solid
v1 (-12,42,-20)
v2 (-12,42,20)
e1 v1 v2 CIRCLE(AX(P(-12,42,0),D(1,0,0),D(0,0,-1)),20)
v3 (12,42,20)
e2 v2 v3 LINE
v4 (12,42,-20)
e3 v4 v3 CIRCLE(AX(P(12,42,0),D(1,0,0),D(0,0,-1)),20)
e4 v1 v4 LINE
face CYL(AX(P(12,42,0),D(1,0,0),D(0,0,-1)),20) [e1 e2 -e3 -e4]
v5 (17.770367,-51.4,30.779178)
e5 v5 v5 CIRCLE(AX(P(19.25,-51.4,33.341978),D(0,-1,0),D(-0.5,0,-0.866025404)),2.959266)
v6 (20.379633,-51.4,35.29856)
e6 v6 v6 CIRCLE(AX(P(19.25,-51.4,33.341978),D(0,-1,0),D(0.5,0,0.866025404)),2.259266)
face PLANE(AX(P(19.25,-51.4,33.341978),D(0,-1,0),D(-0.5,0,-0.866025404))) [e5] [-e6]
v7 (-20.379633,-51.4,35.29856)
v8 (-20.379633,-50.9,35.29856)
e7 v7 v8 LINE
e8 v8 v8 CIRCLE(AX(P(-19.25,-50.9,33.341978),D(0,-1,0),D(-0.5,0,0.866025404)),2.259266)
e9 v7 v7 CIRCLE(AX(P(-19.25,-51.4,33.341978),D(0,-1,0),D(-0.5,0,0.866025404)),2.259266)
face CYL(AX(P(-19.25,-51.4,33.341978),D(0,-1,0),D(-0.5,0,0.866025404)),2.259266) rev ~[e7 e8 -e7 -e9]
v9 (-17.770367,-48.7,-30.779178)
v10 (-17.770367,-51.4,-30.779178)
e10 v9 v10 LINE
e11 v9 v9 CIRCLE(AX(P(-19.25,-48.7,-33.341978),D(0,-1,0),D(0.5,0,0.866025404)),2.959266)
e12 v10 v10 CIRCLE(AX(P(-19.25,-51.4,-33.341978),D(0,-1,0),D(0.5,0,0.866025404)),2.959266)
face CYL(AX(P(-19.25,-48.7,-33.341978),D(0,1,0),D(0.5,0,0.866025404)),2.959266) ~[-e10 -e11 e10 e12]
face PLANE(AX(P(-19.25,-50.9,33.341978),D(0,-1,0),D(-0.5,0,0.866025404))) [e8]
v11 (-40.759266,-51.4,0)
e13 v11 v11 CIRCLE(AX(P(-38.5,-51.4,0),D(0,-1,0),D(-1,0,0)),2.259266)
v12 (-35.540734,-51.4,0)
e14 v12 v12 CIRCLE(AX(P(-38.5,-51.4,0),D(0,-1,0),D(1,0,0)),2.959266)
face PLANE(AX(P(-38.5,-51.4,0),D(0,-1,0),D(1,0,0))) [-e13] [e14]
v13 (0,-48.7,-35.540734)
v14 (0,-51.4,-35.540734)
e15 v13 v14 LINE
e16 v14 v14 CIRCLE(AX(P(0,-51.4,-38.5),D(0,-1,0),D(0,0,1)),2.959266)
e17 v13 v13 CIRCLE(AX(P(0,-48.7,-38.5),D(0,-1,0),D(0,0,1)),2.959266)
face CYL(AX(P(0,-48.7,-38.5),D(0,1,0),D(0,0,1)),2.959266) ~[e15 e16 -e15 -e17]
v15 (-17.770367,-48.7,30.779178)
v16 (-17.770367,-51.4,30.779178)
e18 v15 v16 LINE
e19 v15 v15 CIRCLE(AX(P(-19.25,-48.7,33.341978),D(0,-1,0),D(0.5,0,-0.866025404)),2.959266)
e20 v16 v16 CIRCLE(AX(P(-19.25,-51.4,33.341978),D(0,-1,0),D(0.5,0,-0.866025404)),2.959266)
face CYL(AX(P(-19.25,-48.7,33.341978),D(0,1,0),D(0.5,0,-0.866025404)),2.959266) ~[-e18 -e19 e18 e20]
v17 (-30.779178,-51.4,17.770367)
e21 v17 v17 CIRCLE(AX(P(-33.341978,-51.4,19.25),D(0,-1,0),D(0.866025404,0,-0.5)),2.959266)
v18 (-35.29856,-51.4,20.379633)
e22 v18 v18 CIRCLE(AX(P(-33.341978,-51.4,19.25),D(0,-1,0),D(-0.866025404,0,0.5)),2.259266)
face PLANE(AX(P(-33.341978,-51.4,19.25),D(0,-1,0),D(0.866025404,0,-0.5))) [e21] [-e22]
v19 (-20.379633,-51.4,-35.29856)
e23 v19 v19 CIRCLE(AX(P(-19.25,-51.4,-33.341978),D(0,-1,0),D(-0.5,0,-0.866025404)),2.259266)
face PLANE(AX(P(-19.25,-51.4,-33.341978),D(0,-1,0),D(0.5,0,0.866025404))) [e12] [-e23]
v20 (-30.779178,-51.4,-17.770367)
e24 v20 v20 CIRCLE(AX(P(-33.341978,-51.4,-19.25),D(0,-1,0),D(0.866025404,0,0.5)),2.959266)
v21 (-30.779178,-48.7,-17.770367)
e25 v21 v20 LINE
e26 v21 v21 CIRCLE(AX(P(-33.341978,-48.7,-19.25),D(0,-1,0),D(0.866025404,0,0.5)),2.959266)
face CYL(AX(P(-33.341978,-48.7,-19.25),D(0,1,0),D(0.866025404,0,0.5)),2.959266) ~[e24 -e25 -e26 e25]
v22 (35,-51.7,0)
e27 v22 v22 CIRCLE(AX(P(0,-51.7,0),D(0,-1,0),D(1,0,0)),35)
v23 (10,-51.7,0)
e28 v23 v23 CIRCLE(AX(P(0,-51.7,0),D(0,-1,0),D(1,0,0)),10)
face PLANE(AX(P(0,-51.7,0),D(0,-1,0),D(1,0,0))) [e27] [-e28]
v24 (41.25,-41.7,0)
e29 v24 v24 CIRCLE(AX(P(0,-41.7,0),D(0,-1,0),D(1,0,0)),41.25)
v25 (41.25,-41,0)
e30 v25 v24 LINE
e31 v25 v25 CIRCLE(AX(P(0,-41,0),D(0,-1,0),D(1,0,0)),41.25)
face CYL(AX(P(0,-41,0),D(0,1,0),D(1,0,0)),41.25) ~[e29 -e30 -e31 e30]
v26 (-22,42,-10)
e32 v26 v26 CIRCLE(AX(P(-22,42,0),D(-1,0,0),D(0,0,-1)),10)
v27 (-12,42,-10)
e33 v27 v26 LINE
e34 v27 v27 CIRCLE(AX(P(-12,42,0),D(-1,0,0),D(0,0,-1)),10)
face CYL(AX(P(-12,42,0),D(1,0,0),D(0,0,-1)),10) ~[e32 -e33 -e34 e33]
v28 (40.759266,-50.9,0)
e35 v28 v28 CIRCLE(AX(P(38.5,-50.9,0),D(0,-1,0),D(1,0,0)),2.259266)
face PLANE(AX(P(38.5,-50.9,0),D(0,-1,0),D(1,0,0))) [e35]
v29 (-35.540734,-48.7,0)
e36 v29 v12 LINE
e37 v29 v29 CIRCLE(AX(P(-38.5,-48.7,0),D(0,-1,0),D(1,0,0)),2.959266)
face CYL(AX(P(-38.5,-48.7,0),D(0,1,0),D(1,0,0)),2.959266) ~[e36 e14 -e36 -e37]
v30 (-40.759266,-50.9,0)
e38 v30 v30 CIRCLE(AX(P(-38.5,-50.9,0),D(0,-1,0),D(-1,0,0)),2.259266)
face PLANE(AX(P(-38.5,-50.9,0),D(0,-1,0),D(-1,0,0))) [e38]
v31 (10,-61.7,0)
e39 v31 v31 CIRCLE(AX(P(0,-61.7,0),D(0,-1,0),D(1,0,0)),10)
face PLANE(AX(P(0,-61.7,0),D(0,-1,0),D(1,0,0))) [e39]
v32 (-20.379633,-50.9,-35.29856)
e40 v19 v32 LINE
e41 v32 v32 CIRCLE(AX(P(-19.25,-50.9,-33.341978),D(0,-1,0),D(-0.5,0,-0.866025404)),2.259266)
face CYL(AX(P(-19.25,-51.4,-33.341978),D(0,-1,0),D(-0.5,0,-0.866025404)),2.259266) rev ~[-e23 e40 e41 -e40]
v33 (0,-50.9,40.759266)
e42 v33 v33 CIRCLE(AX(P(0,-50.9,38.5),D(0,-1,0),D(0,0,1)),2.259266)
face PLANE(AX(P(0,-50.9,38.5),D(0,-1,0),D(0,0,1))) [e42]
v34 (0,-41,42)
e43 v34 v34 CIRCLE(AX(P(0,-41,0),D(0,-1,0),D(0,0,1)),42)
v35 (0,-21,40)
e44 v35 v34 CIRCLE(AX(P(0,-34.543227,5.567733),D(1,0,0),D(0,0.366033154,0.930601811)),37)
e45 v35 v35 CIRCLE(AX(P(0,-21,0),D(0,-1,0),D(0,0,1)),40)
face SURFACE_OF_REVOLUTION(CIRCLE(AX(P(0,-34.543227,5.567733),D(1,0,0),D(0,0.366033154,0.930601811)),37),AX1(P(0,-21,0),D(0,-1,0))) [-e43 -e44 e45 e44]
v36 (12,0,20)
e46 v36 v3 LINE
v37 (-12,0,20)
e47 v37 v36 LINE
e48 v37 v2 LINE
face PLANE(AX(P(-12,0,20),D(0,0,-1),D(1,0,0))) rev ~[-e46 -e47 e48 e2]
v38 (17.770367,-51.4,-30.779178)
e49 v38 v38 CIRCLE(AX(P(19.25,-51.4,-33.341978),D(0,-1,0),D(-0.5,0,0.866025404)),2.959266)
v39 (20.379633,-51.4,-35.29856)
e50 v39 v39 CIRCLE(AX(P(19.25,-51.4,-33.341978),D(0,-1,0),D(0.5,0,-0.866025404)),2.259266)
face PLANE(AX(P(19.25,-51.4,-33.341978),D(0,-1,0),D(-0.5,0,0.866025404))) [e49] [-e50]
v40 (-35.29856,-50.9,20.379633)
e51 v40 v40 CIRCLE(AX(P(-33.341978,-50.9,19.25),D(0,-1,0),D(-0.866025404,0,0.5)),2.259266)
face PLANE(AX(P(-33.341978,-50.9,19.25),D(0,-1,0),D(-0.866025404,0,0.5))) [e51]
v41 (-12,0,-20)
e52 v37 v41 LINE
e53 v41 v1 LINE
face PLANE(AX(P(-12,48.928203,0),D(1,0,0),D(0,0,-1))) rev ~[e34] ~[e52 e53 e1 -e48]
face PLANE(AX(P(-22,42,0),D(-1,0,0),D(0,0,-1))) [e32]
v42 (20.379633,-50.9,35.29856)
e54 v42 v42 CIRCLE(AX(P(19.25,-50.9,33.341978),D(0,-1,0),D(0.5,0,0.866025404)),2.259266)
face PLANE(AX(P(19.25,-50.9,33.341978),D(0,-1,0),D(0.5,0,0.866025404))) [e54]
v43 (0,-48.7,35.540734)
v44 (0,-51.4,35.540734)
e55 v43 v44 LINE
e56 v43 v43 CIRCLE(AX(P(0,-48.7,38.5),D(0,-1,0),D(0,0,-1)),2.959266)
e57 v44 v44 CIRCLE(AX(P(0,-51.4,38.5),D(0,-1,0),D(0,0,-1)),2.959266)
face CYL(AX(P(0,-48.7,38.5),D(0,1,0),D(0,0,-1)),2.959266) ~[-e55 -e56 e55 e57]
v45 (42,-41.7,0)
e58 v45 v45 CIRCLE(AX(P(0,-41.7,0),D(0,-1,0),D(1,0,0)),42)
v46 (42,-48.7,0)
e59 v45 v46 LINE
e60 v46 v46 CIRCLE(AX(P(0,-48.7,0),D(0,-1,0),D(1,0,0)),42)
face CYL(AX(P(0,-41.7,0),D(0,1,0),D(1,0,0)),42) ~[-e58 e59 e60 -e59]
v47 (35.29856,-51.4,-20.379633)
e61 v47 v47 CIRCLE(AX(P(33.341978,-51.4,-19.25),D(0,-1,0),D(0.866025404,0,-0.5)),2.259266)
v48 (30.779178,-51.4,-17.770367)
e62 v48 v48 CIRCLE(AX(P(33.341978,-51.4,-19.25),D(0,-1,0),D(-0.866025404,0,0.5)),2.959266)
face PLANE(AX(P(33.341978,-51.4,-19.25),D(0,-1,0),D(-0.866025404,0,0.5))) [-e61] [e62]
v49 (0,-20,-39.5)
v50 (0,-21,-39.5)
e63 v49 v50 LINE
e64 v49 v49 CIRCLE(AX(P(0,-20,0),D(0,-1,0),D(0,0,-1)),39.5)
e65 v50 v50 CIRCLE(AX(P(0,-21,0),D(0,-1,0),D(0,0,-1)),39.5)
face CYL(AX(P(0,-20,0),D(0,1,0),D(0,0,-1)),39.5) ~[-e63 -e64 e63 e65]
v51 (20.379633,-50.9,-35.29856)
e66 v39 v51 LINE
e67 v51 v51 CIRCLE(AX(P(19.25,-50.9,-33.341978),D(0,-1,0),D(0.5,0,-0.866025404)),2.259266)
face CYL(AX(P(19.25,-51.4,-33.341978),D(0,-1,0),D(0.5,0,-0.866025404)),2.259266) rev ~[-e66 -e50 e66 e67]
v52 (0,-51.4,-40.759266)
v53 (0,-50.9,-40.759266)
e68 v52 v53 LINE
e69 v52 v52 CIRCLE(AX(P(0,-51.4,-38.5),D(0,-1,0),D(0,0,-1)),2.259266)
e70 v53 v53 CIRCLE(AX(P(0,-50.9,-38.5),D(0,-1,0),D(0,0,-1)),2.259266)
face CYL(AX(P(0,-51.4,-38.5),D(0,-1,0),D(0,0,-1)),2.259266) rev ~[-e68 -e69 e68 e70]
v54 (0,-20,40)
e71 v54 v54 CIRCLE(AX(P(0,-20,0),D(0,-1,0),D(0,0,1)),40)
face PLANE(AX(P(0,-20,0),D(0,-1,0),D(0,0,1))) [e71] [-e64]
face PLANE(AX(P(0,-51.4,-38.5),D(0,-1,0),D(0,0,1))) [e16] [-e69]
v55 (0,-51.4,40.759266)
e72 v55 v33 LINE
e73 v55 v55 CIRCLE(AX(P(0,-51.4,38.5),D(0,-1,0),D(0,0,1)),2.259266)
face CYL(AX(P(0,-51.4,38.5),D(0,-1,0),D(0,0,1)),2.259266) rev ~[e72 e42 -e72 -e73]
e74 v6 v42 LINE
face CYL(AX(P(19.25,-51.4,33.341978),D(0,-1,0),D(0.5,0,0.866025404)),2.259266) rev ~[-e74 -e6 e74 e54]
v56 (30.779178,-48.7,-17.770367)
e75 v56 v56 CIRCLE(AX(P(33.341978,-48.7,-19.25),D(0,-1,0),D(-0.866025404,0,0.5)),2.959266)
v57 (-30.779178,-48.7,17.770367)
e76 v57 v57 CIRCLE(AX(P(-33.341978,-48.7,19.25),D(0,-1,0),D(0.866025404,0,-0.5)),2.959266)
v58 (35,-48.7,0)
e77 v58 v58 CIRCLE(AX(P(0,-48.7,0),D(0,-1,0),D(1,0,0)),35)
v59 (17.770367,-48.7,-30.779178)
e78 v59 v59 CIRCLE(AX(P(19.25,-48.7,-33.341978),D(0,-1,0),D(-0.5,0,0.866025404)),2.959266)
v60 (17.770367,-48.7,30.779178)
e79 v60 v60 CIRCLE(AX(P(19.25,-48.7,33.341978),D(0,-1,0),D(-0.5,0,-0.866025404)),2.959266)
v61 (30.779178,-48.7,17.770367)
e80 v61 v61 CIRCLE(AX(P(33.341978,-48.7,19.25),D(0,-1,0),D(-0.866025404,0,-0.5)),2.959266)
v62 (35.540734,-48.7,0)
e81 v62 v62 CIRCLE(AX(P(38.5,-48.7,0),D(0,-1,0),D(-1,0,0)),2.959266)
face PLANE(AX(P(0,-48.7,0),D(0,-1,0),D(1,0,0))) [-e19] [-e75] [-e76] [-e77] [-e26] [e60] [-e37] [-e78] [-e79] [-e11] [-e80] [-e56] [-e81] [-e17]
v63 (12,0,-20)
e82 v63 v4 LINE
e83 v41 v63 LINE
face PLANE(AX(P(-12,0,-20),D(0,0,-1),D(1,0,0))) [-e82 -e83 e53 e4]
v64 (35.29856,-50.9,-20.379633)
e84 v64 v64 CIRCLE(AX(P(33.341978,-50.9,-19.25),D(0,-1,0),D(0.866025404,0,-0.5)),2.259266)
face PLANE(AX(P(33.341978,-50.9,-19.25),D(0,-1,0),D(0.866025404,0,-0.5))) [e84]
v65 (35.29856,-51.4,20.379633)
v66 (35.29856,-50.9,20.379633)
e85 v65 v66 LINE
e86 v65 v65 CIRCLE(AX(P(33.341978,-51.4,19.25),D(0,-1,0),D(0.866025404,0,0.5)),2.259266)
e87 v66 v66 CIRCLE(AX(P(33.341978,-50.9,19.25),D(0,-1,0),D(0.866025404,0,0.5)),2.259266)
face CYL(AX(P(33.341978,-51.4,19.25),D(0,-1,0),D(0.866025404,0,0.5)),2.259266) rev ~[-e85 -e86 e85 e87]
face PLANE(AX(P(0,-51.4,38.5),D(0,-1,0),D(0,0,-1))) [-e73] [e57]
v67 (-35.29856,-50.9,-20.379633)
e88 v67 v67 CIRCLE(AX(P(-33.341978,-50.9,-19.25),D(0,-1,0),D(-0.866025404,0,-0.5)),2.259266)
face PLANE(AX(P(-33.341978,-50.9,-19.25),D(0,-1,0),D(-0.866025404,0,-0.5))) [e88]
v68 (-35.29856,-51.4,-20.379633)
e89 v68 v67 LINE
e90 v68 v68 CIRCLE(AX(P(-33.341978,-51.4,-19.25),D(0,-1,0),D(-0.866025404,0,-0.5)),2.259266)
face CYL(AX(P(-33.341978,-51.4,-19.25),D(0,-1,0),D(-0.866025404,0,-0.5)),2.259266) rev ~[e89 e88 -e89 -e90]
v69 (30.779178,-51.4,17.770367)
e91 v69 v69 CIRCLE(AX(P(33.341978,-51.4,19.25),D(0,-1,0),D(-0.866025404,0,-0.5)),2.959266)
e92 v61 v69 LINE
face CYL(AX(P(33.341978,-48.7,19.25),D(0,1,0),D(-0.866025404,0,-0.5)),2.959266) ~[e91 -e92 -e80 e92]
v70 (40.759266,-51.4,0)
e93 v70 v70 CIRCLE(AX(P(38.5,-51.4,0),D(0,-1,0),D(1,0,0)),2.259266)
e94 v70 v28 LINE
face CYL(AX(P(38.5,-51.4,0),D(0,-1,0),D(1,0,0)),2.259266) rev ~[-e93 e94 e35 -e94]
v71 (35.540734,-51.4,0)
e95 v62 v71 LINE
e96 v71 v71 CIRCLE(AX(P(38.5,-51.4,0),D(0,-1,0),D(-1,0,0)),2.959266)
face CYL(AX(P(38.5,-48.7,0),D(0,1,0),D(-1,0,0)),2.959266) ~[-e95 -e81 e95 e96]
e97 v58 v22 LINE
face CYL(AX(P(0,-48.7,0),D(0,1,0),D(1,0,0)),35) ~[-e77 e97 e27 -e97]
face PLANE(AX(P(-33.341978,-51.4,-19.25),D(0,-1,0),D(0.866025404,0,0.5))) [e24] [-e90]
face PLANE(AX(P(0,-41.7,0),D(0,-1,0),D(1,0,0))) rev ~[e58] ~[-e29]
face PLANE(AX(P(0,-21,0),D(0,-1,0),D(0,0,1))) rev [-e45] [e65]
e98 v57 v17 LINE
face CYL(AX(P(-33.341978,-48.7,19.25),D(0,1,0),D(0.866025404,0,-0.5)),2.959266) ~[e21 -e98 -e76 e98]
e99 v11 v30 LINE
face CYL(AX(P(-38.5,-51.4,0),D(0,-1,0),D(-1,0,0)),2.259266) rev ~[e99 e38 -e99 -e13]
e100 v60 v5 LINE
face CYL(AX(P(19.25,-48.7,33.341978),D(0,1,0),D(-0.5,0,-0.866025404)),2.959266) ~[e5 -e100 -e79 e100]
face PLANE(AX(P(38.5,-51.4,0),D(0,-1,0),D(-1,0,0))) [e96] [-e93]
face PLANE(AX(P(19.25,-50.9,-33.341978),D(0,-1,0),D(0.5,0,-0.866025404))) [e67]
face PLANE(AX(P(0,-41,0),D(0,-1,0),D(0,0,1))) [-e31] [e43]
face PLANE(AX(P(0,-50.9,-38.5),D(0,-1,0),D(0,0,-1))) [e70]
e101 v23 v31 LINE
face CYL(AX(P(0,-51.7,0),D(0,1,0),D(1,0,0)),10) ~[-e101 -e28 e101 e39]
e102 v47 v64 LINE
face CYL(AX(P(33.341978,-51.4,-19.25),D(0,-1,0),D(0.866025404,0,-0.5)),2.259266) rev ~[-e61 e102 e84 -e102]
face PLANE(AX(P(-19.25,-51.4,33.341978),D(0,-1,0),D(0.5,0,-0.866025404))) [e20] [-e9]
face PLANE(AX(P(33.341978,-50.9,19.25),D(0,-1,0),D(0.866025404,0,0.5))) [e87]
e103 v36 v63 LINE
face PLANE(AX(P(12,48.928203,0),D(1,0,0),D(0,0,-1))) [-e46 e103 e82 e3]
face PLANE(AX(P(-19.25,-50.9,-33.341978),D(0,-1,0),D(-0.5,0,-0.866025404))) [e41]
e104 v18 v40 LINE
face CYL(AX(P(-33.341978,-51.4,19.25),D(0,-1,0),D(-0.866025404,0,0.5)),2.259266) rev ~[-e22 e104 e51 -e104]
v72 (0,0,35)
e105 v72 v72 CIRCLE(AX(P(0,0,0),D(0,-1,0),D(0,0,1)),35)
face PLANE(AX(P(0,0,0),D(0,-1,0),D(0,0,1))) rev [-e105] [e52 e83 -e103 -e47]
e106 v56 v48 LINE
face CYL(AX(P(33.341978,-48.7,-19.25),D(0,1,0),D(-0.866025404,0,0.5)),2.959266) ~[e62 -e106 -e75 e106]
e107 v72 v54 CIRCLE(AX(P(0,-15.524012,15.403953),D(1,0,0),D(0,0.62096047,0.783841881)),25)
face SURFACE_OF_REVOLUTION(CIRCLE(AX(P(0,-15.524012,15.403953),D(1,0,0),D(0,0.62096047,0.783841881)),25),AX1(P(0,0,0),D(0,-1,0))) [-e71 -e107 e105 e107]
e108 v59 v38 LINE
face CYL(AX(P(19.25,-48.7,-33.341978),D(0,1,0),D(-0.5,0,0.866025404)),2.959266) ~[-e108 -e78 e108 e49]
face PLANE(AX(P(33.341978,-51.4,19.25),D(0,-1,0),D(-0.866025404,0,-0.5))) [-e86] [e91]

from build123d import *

# Parameters (mm, degrees)
SKETCH2_R            = 39.5
BOSS_EXTRUDE1_DEPTH  = 1
SKETCH4_R            = 41.25
BOSS_EXTRUDE2_DEPTH  = 0.7
SKETCH5_R            = 42
BOSS_EXTRUDE3_DEPTH  = 7
SKETCH6_R            = 35
BOSS_EXTRUDE4_DEPTH  = 3
SKETCH7_R            = 2.959266208
BOSS_EXTRUDE5_DEPTH  = 2.7
SKETCH8_R            = 2.259266208
CUT_EXTRUDE1_DEPTH   = 0.5
CIRPATTERN1_COUNT    = 12
SKETCH9_W            = 24
SKETCH9_H            = 40
BOSS_EXTRUDE6_DEPTH  = 42
BOSS_EXTRUDE7_DEPTH  = 24
SKETCH13_R           = 10
BOSS_EXTRUDE10_DEPTH = 10
SKETCH14_R           = 10
BOSS_EXTRUDE11_DEPTH = 10


with BuildPart() as part:
    # Sketch1 → Revolve1 (revolve)
    with BuildSketch(Plane.XY, mode=Mode.PRIVATE) as revolve1_sk:
        with BuildLine():
            Line((0, 0), (-35, 0))
            ThreePointArc((-35, 0), (-39.657515479, -9.46062113), (-40, -20))
            Line((-40, -20), (0, -20))
            Line((0, -20), (0, 0))
        make_face()
    revolve(revolve1_sk.sketch.rotate(Axis((0, 0, 0), (0, -1, 0)), 270), axis=Axis((0, 0, 0), (0, -1, 0)))

    # Sketch2 → Boss-Extrude1 (add)
    with BuildSketch(Plane.XZ.offset(20)):
        with Locations(Location((0, 0, 0), (0, 0, 270))):
            Circle(SKETCH2_R)
    extrude(amount=BOSS_EXTRUDE1_DEPTH)

    # Sketch3 → Revolve2 (revolve)
    with BuildSketch(Plane.XY, mode=Mode.PRIVATE) as revolve2_sk:
        with BuildLine():
            Line((0, -21), (-40, -21))
            ThreePointArc((-40, -21), (-42.384109041, -30.861589096), (-42, -41))
            Line((-42, -41), (0, -41))
            Line((0, -41), (0, -21))
        make_face()
    revolve(revolve2_sk.sketch.rotate(Axis((0, -21, 0), (0, -1, 0)), 270), axis=Axis((0, -21, 0), (0, -1, 0)))

    # Sketch4 → Boss-Extrude2 (add)
    with BuildSketch(Plane.XZ.offset(41)):
        Circle(SKETCH4_R)
    extrude(amount=BOSS_EXTRUDE2_DEPTH)

    # Sketch5 → Boss-Extrude3 (add)
    with BuildSketch(Plane.XZ.offset(41.7)):
        Circle(SKETCH5_R)
    extrude(amount=BOSS_EXTRUDE3_DEPTH)

    # Sketch6 → Boss-Extrude4 (add)
    with BuildSketch(Plane.XZ.offset(48.7)):
        Circle(SKETCH6_R)
    extrude(amount=BOSS_EXTRUDE4_DEPTH)

    # Sketch7 → Boss-Extrude5 (add)
    with BuildSketch(Plane.XZ.offset(48.7)):
        with Locations(Location((38.5, 0, 0), (0, 0, 180))):
            Circle(SKETCH7_R)
    boss_extrude5 = extrude(amount=BOSS_EXTRUDE5_DEPTH)

    # Sketch8 → Cut-Extrude1 (cut)
    with BuildSketch(Plane.XZ.offset(51.4)):
        with Locations((38.5, 0)):
            Circle(SKETCH8_R)
    cut_extrude1 = extrude(amount=-CUT_EXTRUDE1_DEPTH, mode=Mode.SUBTRACT)

    # CirPattern1: Boss-Extrude5, Cut-Extrude1 ×12 about axis
    cirpattern1_axis = Axis((0, 0, 0), (0, 1, 0))
    add([boss_extrude5.rotate(cirpattern1_axis, i * 360 / CIRPATTERN1_COUNT) for i in range(1, CIRPATTERN1_COUNT)])
    add([cut_extrude1.rotate(cirpattern1_axis, i * 360 / CIRPATTERN1_COUNT) for i in range(1, CIRPATTERN1_COUNT)], mode=Mode.SUBTRACT)

    # Sketch9 → Boss-Extrude6 (add)
    with BuildSketch(Plane(origin=(0, 0, 0), x_dir=(1, 0, 0), z_dir=(0, 1, 0))):
        Rectangle(SKETCH9_W, SKETCH9_H)
    extrude(amount=BOSS_EXTRUDE6_DEPTH)

    # Sketch10 → Boss-Extrude7 (add)
    with BuildSketch(Plane(origin=(12, 0, 0), x_dir=(0, 0, -1), z_dir=(1, 0, 0))):
        with BuildLine():
            Line((-20, 42), (20, 42))
            ThreePointArc((20, 42), (0, 62), (-20, 42))
        make_face()
    extrude(amount=-BOSS_EXTRUDE7_DEPTH)

    # Sketch13 → Boss-Extrude10 (add)
    with BuildSketch(Plane.ZY.offset(12)):
        with Locations(Location((0, 42, 0), (0, 0, 180))):
            Circle(SKETCH13_R)
    extrude(amount=BOSS_EXTRUDE10_DEPTH)

    # Sketch14 → Boss-Extrude11 (add)
    with BuildSketch(Plane.XZ.offset(51.7)):
        Circle(SKETCH14_R)
    extrude(amount=BOSS_EXTRUDE11_DEPTH)


solid = part.part
